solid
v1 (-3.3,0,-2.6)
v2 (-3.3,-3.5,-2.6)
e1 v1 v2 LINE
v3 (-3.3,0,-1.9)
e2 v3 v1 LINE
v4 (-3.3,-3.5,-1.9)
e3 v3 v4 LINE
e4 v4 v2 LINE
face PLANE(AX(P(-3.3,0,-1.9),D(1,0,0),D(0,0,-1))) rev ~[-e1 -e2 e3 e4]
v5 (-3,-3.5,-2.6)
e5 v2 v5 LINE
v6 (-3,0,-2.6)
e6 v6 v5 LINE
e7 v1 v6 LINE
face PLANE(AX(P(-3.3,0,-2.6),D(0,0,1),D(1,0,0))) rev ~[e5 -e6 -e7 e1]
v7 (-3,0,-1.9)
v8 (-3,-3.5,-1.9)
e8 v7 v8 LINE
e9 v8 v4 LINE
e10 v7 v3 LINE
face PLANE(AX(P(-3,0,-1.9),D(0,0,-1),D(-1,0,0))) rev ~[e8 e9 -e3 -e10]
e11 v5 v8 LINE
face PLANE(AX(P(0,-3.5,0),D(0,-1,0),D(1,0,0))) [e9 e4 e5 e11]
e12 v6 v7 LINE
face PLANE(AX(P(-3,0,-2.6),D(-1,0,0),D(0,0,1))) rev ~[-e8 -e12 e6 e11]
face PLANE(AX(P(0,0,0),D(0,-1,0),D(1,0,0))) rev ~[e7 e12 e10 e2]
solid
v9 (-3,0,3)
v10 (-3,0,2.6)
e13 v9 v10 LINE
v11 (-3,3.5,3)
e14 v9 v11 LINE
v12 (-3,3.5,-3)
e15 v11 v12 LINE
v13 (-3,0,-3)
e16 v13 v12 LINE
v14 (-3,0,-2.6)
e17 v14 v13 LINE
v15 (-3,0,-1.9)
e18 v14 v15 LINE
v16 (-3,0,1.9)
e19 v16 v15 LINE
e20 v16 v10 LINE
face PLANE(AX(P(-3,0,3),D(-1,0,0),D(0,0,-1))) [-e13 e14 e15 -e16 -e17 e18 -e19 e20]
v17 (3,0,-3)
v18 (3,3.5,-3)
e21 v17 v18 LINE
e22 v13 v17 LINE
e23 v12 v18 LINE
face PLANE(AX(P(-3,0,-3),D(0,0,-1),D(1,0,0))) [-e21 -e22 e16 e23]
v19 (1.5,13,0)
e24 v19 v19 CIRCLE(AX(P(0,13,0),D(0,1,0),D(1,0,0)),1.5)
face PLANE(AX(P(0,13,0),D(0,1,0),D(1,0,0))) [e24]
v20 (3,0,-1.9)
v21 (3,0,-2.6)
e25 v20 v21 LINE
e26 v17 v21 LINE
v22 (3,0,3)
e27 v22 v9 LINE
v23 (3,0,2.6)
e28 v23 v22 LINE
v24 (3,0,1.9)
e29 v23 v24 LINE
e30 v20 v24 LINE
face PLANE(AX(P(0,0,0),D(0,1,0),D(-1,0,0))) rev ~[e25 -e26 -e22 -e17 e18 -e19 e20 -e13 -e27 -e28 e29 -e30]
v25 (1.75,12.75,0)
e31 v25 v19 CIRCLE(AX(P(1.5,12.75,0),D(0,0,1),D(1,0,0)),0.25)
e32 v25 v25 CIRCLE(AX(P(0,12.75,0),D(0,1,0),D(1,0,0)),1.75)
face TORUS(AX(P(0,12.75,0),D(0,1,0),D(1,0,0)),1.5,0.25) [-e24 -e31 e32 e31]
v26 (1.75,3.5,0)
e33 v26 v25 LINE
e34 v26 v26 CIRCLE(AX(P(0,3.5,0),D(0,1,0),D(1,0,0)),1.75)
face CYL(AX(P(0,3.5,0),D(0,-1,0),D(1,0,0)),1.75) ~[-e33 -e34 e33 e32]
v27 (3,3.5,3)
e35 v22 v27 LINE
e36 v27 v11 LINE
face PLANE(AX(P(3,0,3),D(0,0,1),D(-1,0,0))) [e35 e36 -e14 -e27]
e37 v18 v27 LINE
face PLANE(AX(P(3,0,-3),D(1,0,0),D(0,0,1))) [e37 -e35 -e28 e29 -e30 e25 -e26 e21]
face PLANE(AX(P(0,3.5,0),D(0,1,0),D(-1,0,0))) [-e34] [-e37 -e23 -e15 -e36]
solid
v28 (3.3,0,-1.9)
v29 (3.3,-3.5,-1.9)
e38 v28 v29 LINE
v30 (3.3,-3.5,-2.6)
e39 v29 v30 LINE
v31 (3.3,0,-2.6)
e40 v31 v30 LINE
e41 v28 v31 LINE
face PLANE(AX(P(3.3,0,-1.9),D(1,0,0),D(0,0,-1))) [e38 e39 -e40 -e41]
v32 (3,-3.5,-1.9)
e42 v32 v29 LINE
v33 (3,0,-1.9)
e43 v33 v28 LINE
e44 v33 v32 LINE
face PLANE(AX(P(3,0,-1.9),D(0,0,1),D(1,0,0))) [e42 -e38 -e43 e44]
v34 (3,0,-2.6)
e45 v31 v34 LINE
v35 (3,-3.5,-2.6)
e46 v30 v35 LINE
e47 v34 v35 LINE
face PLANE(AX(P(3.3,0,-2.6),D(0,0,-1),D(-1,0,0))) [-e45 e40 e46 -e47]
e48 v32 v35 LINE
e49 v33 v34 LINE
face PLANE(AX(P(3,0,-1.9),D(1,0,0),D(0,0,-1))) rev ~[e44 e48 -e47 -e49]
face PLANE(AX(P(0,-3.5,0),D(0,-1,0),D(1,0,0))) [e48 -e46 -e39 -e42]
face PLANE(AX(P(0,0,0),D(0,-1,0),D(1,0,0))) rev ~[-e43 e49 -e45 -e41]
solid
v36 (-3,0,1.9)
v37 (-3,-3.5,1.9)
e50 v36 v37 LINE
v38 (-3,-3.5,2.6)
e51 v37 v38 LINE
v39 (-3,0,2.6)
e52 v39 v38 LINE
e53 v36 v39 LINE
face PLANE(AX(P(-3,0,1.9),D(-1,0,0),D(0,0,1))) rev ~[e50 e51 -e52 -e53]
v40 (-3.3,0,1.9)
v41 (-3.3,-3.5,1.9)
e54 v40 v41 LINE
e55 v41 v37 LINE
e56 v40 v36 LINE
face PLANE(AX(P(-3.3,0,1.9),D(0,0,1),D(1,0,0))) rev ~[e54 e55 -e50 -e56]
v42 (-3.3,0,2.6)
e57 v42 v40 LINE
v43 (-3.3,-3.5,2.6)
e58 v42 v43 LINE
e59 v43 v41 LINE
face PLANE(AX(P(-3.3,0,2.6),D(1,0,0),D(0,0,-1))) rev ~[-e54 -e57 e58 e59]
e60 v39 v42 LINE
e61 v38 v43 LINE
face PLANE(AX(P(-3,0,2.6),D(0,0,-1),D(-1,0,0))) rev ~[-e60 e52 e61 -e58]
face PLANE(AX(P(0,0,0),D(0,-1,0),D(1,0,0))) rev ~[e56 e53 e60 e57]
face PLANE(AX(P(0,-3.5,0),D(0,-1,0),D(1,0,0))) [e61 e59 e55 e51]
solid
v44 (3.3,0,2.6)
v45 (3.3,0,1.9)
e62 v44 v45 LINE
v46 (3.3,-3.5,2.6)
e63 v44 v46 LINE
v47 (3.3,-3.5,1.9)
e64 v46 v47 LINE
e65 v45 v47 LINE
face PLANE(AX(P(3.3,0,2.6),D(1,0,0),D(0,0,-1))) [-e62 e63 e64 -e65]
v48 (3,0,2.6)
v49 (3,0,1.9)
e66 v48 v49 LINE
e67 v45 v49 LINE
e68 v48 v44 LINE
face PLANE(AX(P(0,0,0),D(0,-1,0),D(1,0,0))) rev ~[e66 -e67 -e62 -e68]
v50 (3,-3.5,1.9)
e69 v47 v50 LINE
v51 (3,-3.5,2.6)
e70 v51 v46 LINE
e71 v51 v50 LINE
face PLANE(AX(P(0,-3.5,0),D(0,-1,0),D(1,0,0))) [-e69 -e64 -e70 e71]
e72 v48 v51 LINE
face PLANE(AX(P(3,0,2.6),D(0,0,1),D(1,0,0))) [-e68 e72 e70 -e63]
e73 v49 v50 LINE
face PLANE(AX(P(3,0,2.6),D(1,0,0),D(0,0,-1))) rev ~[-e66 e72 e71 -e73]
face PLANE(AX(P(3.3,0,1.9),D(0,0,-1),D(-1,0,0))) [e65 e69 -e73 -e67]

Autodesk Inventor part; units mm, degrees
ref_plane "YZ Plane" through (0, 0, 0) normal (1, 0, 0) x (0, 1, 0)
ref_plane "XZ Plane" through (0, 0, 0) normal (0, 1, 0) x (-1, 0, 0)
ref_plane "XY Plane" through (0, 0, 0) normal (0, 0, 1) x (1, 0, 0)
sketch "Esquisse1" plane through (0, 0, 0) normal (0, 1, 0) x (-1, 0, 0)
  line L0 (3, -3) -> (-3, -3)
  line L1 (-3, -3) -> (-3, 3)
  line L2 (-3, 3) -> (3, 3)
  line L3 (3, 3) -> (3, -3)
  point P0 (0, 0)
  dimension "d0" = 6
  dimension "d1" = 6
  dimension "d2" = 3
  dimension "d3" = 3
extrude "Extrusion1" add sketch "Esquisse1" along normal blind 3.5
sketch "Esquisse2" plane through (0, 3.5, 0) normal (0, 1, 0) x (1, 0, 0)
  circle A0 centre (0, 0) radius 1.75
  dimension "d6" = 3.5
extrude "Extrusion2" add sketch "Esquisse2" along normal blind 9.5
fillet "Congé1" radius 0.25 1 edges at (-1.75, 13, 0)
sketch "Esquisse3" plane through (0, 0, 0) normal (0, -1, 0) x (1, 0, 0)
  line L0 (3, 3) -> (3, -3) projected
  line L1 (3, 2.6) -> (3.3, 2.6)
  line L2 (3.3, 2.6) -> (3.3, 1.9)
  line L3 (3.3, 1.9) -> (3, 1.9)
  line L4 (3, 1.9) -> (3, 2.6)
  line L5 (3, -1.9) -> (3.3, -1.9)
  line L6 (3.3, -1.9) -> (3.3, -2.6)
  line L7 (3.3, -2.6) -> (3, -2.6)
  line L8 (3, -2.6) -> (3, -1.9)
  line L9 (-3, -3) -> (-3, 3) projected
  line L10 (-3, 2.6) -> (-3.3, 2.6)
  line L11 (-3.3, 2.6) -> (-3.3, 1.9)
  line L12 (-3.3, 1.9) -> (-3, 1.9)
  line L13 (-3, 1.9) -> (-3, 2.6)
  line L14 (-3, -1.9) -> (-3.3, -1.9)
  line L15 (-3.3, -1.9) -> (-3.3, -2.6)
  line L16 (-3.3, -2.6) -> (-3, -2.6)
  line L17 (-3, -2.6) -> (-3, -1.9)
  point P0 (0, 0)
  dimension "d11" = 0.7
  dimension "d12" = 0.3
  dimension "d13" = 0.7
  dimension "d14" = 0.3
  dimension "d15" = 3.8
  dimension "d16" = 6
  dimension "d17" = 0.4
  dimension "d18" = 0.7
  dimension "d19" = 0.7
  dimension "d20" = 3.8
  dimension "d21" = 0.3
  dimension "d22" = 0.3
  dimension "d23" = 0.4
extrude "Extrusion3" add sketch "Esquisse3" along normal blind 3.5
equation "\"d1\" = d0"
equation "\"d2\" = 0.5 * d0"
equation "\"d3\" = 0.5 * d1"
equation "\"d13\" = d11"
equation "\"d14\" = d12"
equation "\"d17\" = -0.5 * d15 + 0.5 * d16 - d11"
equation "\"d18\" = d11"
equation "\"d19\" = d11"
equation "\"d20\" = d15"
equation "\"d21\" = d12"
equation "\"d22\" = d21"
equation "\"d23\" = d17"
properties part number "Touch Button High"
